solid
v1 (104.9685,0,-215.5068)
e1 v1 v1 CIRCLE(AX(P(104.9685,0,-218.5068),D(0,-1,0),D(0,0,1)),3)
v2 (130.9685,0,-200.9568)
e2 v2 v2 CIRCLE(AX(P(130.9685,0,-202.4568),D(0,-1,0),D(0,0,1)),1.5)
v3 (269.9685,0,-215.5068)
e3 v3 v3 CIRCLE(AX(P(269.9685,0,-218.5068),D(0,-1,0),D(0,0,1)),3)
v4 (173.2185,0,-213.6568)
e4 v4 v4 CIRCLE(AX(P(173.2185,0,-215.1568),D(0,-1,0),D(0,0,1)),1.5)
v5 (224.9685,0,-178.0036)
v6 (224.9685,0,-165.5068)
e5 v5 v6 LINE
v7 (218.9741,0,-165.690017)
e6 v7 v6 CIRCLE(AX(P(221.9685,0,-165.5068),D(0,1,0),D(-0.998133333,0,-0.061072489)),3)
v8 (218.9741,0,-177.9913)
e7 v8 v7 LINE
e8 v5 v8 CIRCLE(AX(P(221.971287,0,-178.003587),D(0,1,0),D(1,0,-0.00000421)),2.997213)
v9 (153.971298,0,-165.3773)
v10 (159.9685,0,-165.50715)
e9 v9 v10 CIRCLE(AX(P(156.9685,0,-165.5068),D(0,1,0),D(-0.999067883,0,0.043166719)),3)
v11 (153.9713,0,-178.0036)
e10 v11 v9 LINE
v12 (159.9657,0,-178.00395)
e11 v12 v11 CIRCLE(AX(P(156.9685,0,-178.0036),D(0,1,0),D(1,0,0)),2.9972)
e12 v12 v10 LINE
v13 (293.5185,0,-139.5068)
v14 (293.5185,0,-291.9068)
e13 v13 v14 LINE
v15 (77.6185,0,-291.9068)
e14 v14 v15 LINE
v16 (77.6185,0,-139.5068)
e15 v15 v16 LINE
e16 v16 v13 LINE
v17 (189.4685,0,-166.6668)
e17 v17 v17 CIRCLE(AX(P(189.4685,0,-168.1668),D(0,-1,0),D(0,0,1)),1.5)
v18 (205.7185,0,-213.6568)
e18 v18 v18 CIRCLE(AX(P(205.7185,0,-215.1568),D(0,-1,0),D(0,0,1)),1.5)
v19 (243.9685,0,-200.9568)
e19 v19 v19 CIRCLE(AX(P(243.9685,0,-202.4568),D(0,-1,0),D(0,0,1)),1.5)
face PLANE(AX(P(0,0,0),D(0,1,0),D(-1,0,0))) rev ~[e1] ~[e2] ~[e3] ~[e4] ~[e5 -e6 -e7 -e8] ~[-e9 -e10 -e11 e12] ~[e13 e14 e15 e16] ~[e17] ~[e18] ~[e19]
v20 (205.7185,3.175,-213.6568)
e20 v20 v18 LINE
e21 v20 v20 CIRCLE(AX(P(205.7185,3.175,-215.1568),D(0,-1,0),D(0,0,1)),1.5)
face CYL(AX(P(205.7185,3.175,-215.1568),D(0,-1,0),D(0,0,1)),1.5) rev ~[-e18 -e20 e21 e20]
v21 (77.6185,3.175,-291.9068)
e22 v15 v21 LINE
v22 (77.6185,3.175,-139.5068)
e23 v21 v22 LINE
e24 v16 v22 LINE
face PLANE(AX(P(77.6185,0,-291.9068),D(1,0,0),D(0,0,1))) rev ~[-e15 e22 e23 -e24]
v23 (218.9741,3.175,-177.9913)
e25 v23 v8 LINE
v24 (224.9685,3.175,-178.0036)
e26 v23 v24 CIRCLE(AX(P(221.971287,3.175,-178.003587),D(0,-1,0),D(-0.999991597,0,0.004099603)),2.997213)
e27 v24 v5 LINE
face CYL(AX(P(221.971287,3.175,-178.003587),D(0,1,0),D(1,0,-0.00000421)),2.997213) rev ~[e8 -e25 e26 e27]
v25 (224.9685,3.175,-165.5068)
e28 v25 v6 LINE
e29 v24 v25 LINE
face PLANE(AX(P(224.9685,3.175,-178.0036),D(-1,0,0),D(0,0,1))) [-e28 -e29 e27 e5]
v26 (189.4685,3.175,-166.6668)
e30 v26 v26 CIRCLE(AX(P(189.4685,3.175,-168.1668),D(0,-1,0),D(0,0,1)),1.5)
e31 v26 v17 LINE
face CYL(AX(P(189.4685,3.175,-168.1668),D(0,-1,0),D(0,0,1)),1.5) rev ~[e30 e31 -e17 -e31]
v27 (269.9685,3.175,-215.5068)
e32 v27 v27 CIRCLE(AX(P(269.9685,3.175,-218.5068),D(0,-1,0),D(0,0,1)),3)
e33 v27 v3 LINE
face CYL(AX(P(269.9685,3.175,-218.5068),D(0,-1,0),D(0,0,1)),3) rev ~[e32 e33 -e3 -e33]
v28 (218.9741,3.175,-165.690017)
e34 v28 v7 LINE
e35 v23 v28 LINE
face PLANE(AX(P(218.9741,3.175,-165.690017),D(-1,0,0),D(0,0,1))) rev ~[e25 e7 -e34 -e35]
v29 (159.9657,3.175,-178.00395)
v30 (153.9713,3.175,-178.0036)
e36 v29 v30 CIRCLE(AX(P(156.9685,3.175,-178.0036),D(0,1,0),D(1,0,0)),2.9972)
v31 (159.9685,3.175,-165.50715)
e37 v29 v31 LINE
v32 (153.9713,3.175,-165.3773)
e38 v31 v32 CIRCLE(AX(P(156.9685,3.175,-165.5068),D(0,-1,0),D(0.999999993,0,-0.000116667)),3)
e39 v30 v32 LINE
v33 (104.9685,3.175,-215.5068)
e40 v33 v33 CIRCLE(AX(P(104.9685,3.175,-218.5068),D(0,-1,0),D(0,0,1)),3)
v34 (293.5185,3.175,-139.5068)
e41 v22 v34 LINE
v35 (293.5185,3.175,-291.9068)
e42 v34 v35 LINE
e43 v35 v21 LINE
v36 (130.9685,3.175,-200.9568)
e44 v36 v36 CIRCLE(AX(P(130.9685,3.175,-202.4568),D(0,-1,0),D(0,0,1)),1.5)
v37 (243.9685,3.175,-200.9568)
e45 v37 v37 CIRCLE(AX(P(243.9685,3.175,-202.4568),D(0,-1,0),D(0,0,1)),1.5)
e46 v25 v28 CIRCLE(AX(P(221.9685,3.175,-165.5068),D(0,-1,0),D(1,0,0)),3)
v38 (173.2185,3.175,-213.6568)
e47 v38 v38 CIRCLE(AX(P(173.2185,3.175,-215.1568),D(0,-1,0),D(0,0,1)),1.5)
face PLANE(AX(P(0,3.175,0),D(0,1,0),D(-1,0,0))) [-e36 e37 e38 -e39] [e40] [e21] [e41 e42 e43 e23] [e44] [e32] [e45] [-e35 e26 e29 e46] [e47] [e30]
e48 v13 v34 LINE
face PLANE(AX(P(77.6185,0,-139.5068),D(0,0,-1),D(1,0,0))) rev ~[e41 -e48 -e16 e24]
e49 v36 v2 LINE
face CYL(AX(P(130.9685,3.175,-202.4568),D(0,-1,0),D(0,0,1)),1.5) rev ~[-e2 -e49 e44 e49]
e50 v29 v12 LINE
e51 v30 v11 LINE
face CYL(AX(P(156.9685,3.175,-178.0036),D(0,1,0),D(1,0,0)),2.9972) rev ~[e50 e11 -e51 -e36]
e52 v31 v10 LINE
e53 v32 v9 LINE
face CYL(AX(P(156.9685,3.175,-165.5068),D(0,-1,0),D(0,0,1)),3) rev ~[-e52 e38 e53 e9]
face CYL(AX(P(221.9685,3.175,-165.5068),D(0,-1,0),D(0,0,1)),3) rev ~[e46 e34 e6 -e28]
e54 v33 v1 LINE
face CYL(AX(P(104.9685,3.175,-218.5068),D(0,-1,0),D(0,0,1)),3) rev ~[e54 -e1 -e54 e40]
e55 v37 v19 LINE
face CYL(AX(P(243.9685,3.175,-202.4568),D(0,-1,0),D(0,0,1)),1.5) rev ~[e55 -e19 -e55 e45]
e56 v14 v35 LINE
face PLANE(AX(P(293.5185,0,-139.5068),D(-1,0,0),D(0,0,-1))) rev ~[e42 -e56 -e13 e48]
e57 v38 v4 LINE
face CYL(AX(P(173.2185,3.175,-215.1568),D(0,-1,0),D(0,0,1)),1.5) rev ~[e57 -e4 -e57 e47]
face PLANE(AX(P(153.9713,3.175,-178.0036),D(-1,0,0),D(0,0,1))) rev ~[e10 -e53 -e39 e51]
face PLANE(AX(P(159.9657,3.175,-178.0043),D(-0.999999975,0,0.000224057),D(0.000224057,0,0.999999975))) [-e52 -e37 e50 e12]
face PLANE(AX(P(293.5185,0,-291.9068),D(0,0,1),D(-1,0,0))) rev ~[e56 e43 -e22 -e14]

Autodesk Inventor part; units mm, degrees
ref_plane "YZ Plane" through (0, 0, 0) normal (1, 0, 0) x (0, 1, 0)
ref_plane "XZ Plane" through (0, 0, 0) normal (0, 1, 0) x (-1, 0, 0)
ref_plane "XY Plane" through (0, 0, 0) normal (0, 0, 1) x (1, 0, 0)
sketch "Sketch1" plane through (0, 0, 0) normal (0, 1, 0) x (-1, 0, 0)
  line L0 (-77.6185, -139.5068) -> (-293.5185, -139.5068)
  line L1 (-293.5185, -139.5068) -> (-293.5185, -291.9068)
  line L2 (-293.5185, -291.9068) -> (-77.6185, -291.9068)
  line L3 (-77.6185, -291.9068) -> (-77.6185, -139.5068)
  point P0 (0, 0)
  dimension "d0" = 215.9
  dimension "d1" = 152.4
extrude "Extrusion1" add sketch "Sketch1" along normal blind 3.175
sketch "Sketch2" plane through (0, 3.175, 0) normal (0, 1, 0) x (1, 0, 0)
  line L0 (77.6185, 291.9068) -> (77.6185, 139.5068) projected
  line L1 (77.6185, 139.5068) -> (293.5185, 139.5068) projected
  line L2 (293.5185, 139.5068) -> (293.5185, 291.9068) projected
  line L3 (293.5185, 291.9068) -> (77.6185, 291.9068) projected
  point P0 (0, 0)
  point P1 (156.9685, 165.5068)
  point P2 (104.9685, 218.5068)
  point P3 (269.9685, 218.5068)
  point P4 (221.9685, 165.5068)
  dimension "d4" = 144.35
  dimension "d5" = 26
  dimension "d7" = 79
  dimension "d19" = 27.35
  dimension "d20" = 79
  dimension "d21" = 26
  dimension "d22" = 79.35
  dimension "d23" = 192.35
hole "Hole1" at (156.9685, 3.175, -165.5068) at (104.9685, 3.175, -218.5068) at (269.9685, 3.175, -218.5068) at (221.9685, 3.175, -165.5068) direction (0, -1, 0) diameter 6 end through all
sketch "Sketch3" plane through (0, 3.175, 0) normal (0, 1, 0) x (1, 0, 0)
  line L0 (156.9685, 158.0068) -> (221.9685, 158.0068)
  circle A0 centre (221.9685, 165.5068) radius 3 projected
  circle A1 centre (104.3905, 218.5068) radius 3
  circle A2 centre (156.9685, 165.5068) radius 3 projected
  line L1 (151.4095, 160.4723) -> (145.8978, 166.5581)
  line L2 (227.8466, 160.8487) -> (232.9461, 167.2839)
  line L3 (77.6185, 139.5068) -> (293.5185, 139.5068)
  line L4 (293.5185, 139.5068) -> (293.5185, 291.9068)
  line L5 (293.5185, 291.9068) -> (77.6185, 291.9068)
  line L6 (77.6185, 291.9068) -> (77.6185, 139.5068)
  arc A3 (151.4095, 160.4723) -> (156.9685, 158.0068) centre (156.9685, 165.5068) ccw
  arc A4 (285.8541, 234.0487) -> (286.0149, 234.2591) centre (279.976, 238.7068) ccw
  line L7 (48.2791, 233.5068) -> (391.5458, 233.5068) construction
  arc A5 (221.9685, 158.0068) -> (227.8466, 160.8487) centre (221.9685, 165.5068) ccw
  line L8 (90.6742, 246.2068) -> (279.976, 246.2068)
  arc A6 (88.4435, 245.8674) -> (89.1827, 246.2068) centre (87.4992, 248.8988) ccw
  arc A7 (282.3943, 247.7992) -> (282.8225, 246.2068) centre (285.5693, 247.7992) ccw
  arc A8 (148.7259, 158.0419) -> (156.9685, 154.3863) centre (156.9685, 165.5068) ccw
  line L9 (156.9685, 154.3863) -> (221.9685, 154.3863)
  arc A9 (221.9685, 154.3863) -> (230.6842, 158.6001) centre (221.9685, 165.5068) ccw
  arc A10 (291.0908, 238.7068) -> (290.9416, 240.5219) centre (279.976, 238.7068) ccw
  line L10 (274.8873, 282.434) -> (98.1672, 282.434)
  line L11 (283.4416, 282.434) -> (274.8873, 282.434)
  line L12 (87.0466, 282.434) -> (98.1672, 282.434)
  circle A11 centre (269.9685, 218.5068) radius 3 projected
  line L13 (269.9685, 218.5068) -> (278.4956, 210.4264)
  line L14 (230.6842, 158.6001) -> (278.4956, 210.4264)
  line L15 (276.6668, 208.4441) -> (288.7468, 219.8795)
  line L16 (293.5185, 139.5068) -> (293.5185, 291.9068) projected
  line L17 (291.0908, 238.7068) -> (291.0908, 225.3261)
  line L18 (290.9416, 240.5219) -> (290.9416, 274.941)
  arc A12 (290.9416, 274.941) -> (283.4416, 282.434) centre (283.4486, 274.941) ccw
  line L19 (104.3905, 218.5068) -> (95.8634, 210.4264)
  line L20 (148.7259, 158.0419) -> (95.8634, 210.4264)
  line L21 (97.2189, 209.0832) -> (81.9058, 223.5361)
  line L22 (77.6185, 291.9068) -> (77.6185, 139.5068) projected
  line L23 (79.5536, 238.7068) -> (79.5536, 228.9904)
  line L24 (79.5536, 238.7068) -> (79.5536, 274.941)
  line L25 (87.0466, 282.434) -> (87.0466, 282.434)
  arc A13 (87.0466, 282.434) -> (79.5536, 274.941) centre (87.0466, 274.941) ccw
  arc A14 (288.7468, 219.8795) -> (291.0908, 225.3261) centre (283.5908, 225.3261) ccw
  arc A15 (79.5536, 228.9904) -> (81.9058, 223.5361) centre (87.0536, 228.9904) ccw
  line L26 (90.5024, 222.3303) -> (90.6742, 222.1407)
  arc A16 (79.6034, 239.7581) -> (79.5536, 238.7068) centre (90.6742, 238.7068) ccw
  line L27 (90.6742, 246.2068) -> (98.8849, 246.2068)
  line L28 (240.7374, 246.2068) -> (279.976, 246.2068)
  line L29 (271.4881, 215.9202) -> (272.0071, 216.5751)
  line L30 (285.4247, 233.5068) -> (285.8541, 234.0487)
  line L31 (85.2649, 233.5068) -> (85.1151, 233.6723)
  circle A17 centre (104.9685, 218.5068) radius 3 construction
  point P0 (0, 0)
  point P1 (79.5536, 282.434)
  dimension "d24" = 7.5
  dimension "d33" = 7.5
  dimension "d40" = 98.7582
  dimension "d72" = 6
  dimension "d90" = 3.175
  dimension "d91" = 3.175
  dimension "d93" = 7.5
  dimension "d96" = 52.578
  dimension "d98" = 11.7475
  dimension "d99" = 7.493
  dimension "d101" = 11.7475
  dimension "d102" = 7.493
  dimension "d103" = 7.5
  dimension "d104" = 7.5
  dimension "d106" = 6
extrude "Extrusion3" [suppressed]
sketch "Sketch5" plane through (0, 3.175, 0) normal (0, 1, 0) x (1, 0, 0)
  circle A0 centre (104.9685, 218.5068) radius 3 projected
  circle A1 centre (104.9685, 218.5068) radius 22.225
  circle A2 centre (156.9685, 165.5068) radius 3 projected
  circle A3 centre (156.9685, 165.5068) radius 22.225
  circle A4 centre (221.9685, 165.5068) radius 3 projected
  circle A5 centre (221.9685, 165.5068) radius 22.225
  circle A6 centre (269.9685, 218.5068) radius 3 projected
  circle A7 centre (269.9685, 218.5068) radius 22.225
  line L0 (156.9685, 158.0068) -> (221.9685, 158.0068) projected
  line L1 (274.8943, 278.8204) -> (98.1742, 278.8204) projected
  point P0 (0, 0)
  point P1 (130.9685, 202.4568)
  point P2 (243.9685, 202.4568)
  point P3 (205.7185, 215.1568)
  point P4 (189.4685, 168.1668)
  point P5 (173.2185, 215.1568)
  dimension "d45" = 44.45
  dimension "d47" = 44.45
  dimension "d48" = 44.45
  dimension "d49" = 44.45
  dimension "d50" = 57.15
  dimension "d52" = 65
  dimension "d53" = 16.25
  dimension "d54" = 16.25
  dimension "d55" = 57.15
  dimension "d56" = 44.45
  dimension "d58" = 52
  dimension "d59" = 26
  dimension "d60" = 44.45
  dimension "d61" = 26
  dimension "d62" = 32.5
  dimension "d63" = 10.16
  dimension "d95" = 60.3136
hole "Hole2" at (130.9685, 3.175, -202.4568) at (243.9685, 3.175, -202.4568) at (205.7185, 3.175, -215.1568) at (189.4685, 3.175, -168.1668) at (173.2185, 3.175, -215.1568) direction (0, -1, 0) diameter 3 end through all
sketch "Sketch7" plane through (0, 3.175, 0) normal (0, 1, 0) x (1, 0, 0)
  circle A0 centre (156.9685, 165.5068) radius 3 projected
  line L0 (156.9685, 158.0068) -> (221.9685, 158.0068) projected
  circle A1 centre (156.9685, 178.0036) radius 2.9972
  line L1 (153.9713, 178.0036) -> (153.9713, 165.3773)
  line L2 (159.9657, 178.0043) -> (159.9685, 165.5075)
  circle A2 centre (221.9713, 178.0036) radius 2.9972
  circle A3 centre (221.9685, 165.5068) radius 3 projected
  line L3 (218.9741, 178.016) -> (218.9741, 165.3232)
  line L4 (224.9685, 178.0036) -> (224.9685, 165.5068)
  point P0 (0, 0)
  point P1 (218.9685, 165.5082)
  dimension "d76" = 5.9944
  dimension "d77" = 12.4968
  dimension "d78" = 5.9944
  dimension "d79" = 12.4968
  dimension "d88" = 6
extrude "Extrusion4" cut sketch "Sketch7" against normal blind 25.4 contours A0 L1 A1 L2 | A1
sketch "Sketch8" plane through (0, 3.175, 0) normal (0, 1, 0) x (1, 0, 0)
  arc A0 (224.9685, 178.0036) -> (218.9741, 177.9913) centre (221.9713, 178.0036) ccw
  circle A1 centre (221.9685, 165.5068) radius 3
  line L0 (218.9741, 178.016) -> (218.9741, 165.3232)
  line L1 (224.9685, 178.0036) -> (224.9685, 165.5068)
  point P0 (0, 0)
  point P1 (218.9685, 165.5082)
  dimension "d82" = 5.9944
  dimension "d83" = 12.4968
extrude "Extrusion5" cut sketch "Sketch8" against normal blind 25.4 contours L1 A1 L0 A0 | A1 L0 picked at (221.9464, 164.5591)
sketch "Sketch9" plane through (0, 3.175, 0) normal (0, 1, 0) x (1, 0, 0)
  point P0 (0, 0)
equation "\"d33\" = d32"
equation "\"d101\" = d98"
equation "\"d47\" = d45"
equation "\"d48\" = d45"
equation "\"d49\" = d48"
equation "\"d53\" = 0.25 * d52"
equation "\"d54\" = d53"
equation "\"d55\" = d50"
equation "\"d59\" = 0.5 * d58"
equation "\"d60\" = d56"
equation "\"d61\" = d59"
equation "\"d62\" = 0.5 * d52"
equation "\"d78\" = d76"
equation "\"d79\" = d77"
equation "\"d82\" = d84"
equation "\"d83\" = d85"
equation "\"d32\" = 7.5"
equation "\"d84\" = 5.9944"
equation "\"d85\" = 12.4968"
properties part number "track side panel V2"
